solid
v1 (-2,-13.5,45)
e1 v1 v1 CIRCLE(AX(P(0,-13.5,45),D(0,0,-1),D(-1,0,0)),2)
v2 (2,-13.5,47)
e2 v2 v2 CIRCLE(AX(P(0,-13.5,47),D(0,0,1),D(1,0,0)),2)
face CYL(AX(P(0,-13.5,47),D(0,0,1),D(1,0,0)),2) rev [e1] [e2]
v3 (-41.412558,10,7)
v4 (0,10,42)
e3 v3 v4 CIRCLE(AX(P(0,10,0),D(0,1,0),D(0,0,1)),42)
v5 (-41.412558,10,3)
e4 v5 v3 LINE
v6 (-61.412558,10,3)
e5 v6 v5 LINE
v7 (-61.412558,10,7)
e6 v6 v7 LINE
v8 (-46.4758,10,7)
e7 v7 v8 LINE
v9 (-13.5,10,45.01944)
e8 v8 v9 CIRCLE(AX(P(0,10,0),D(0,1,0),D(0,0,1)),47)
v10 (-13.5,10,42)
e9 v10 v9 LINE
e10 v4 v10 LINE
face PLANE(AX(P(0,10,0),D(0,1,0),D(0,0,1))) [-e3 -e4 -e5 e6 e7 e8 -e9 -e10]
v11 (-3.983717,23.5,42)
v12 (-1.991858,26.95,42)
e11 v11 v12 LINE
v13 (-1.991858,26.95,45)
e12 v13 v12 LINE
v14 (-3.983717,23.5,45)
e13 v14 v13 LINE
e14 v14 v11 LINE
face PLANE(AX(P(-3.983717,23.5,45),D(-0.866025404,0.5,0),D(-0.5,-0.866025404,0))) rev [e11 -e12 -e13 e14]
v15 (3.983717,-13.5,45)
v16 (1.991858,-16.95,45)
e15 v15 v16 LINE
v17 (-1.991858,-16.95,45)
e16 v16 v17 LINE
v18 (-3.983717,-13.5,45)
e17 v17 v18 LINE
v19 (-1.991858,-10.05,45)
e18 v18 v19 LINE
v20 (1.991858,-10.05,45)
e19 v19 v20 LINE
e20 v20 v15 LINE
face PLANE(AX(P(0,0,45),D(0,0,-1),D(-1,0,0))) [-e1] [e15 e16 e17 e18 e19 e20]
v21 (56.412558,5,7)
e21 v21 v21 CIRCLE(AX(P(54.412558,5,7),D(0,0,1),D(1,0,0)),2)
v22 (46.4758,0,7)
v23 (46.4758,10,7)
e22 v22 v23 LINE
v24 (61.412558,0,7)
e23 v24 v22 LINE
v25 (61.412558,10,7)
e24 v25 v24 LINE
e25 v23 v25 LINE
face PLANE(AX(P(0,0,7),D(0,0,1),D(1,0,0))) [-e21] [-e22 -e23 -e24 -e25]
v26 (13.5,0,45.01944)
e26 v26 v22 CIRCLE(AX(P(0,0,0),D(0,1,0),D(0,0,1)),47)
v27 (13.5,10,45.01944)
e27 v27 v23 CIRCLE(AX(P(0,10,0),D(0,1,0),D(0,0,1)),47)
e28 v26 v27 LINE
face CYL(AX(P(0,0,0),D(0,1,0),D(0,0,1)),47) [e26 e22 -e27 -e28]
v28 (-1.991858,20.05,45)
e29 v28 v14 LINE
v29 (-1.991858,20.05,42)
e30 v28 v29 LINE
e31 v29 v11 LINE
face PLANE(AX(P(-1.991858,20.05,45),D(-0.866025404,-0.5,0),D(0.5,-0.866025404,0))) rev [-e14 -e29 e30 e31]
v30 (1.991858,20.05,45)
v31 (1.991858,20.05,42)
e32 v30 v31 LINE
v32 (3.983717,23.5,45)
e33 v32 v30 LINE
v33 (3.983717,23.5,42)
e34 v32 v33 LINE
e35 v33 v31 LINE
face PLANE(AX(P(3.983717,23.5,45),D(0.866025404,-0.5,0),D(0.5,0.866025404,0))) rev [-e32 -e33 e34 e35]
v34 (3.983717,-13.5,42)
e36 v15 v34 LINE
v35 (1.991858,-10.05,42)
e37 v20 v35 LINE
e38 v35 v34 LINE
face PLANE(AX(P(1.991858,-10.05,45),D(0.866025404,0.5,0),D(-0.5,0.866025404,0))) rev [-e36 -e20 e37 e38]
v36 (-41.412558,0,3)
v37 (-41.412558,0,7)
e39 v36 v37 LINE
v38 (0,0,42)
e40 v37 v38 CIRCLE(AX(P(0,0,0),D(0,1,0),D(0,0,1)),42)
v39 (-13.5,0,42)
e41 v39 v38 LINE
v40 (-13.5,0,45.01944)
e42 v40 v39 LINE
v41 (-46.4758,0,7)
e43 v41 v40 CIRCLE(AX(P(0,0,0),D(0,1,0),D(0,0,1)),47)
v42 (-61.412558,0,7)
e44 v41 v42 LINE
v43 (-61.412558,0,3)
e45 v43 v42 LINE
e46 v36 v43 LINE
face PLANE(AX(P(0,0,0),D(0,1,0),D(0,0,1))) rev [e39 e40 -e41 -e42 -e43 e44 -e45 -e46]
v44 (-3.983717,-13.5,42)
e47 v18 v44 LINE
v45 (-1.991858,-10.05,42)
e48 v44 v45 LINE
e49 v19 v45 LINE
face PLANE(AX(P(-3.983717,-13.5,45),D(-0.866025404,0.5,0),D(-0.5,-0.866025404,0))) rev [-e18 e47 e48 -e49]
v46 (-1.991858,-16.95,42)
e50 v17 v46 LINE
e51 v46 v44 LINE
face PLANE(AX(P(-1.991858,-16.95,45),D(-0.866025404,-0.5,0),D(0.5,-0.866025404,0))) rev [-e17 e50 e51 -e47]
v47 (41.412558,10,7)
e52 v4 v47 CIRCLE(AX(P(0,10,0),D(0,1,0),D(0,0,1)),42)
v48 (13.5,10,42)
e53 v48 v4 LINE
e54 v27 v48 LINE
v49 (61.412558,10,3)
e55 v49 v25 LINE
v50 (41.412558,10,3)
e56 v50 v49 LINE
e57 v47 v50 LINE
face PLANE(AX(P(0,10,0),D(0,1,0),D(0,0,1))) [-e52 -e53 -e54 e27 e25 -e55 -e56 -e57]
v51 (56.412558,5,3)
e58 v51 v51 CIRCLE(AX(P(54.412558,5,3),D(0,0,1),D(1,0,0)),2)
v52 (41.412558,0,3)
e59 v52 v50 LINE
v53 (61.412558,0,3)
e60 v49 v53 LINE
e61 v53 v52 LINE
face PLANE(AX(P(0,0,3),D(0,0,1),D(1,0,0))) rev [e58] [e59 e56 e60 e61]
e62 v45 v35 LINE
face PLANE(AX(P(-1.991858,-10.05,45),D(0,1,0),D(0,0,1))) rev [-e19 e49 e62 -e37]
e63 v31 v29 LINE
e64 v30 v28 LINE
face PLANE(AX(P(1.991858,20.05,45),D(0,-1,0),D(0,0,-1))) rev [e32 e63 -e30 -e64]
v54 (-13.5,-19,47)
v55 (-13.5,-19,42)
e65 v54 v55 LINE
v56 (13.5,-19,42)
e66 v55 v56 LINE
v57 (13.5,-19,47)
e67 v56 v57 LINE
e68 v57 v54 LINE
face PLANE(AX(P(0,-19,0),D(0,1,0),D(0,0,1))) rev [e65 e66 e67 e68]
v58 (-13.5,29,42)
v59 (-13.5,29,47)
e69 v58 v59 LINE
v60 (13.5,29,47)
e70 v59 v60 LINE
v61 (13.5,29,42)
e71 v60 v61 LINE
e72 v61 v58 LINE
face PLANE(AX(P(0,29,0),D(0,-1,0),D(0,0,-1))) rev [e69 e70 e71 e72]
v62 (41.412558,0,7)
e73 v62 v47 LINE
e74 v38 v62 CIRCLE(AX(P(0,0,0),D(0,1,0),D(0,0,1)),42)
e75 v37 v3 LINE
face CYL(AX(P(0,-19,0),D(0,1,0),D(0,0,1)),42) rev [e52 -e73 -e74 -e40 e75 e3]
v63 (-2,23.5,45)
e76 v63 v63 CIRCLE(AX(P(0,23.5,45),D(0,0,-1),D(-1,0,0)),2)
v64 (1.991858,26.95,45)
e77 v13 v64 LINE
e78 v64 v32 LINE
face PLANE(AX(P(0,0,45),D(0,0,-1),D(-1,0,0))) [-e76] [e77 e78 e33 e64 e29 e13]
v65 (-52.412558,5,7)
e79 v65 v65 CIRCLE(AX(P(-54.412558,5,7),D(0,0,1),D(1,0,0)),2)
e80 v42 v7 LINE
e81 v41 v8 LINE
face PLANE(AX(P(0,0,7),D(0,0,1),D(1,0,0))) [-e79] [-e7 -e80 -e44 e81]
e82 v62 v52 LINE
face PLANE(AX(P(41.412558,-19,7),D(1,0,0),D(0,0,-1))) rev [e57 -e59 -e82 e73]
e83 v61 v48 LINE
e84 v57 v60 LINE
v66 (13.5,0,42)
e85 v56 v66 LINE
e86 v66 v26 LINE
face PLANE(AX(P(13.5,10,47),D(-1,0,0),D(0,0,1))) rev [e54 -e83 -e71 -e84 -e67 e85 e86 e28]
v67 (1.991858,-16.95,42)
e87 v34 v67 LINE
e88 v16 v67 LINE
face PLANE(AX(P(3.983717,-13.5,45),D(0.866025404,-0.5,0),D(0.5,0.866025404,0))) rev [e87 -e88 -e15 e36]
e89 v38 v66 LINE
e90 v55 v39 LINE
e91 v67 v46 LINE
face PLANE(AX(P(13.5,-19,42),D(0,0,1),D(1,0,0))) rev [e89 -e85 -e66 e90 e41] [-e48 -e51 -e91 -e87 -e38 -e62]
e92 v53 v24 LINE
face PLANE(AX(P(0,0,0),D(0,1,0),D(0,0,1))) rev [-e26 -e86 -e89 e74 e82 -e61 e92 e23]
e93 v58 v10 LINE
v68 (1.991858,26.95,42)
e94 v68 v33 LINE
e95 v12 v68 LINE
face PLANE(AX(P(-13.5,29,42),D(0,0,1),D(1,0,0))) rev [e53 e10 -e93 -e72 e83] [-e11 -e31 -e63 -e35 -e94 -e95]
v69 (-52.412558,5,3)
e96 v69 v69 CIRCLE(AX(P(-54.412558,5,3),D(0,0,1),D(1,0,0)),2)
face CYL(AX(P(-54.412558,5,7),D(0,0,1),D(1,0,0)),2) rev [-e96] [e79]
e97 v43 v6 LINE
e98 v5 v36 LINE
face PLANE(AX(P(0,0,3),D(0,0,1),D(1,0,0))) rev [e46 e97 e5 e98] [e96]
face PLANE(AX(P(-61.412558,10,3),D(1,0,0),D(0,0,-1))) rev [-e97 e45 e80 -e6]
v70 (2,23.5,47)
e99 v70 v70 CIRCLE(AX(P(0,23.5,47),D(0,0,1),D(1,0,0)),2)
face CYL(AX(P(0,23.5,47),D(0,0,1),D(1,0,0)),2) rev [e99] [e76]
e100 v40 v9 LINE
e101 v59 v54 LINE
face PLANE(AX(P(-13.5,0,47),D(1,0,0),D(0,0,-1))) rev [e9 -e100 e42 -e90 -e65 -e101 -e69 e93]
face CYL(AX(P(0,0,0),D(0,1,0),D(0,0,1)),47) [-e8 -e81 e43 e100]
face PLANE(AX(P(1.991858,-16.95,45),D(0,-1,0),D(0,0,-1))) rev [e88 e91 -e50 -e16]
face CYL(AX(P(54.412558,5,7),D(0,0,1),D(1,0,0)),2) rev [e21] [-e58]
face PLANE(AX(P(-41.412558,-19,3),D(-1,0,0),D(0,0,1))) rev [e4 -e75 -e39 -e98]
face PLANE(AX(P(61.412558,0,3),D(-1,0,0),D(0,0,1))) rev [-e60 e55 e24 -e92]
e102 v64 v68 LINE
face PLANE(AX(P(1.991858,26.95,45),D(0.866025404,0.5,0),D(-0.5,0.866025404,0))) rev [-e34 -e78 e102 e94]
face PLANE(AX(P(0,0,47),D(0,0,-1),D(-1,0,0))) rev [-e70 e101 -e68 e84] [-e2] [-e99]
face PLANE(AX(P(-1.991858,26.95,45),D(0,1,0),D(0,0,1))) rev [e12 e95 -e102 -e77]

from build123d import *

# Parameters (mm, degrees)
EXTRUDE_1_DEPTH           = 10
SKETCH_2_W                = 27
SKETCH_2_H                = 10
EXTRUDE_2_DEPTH           = 1.980559755
SKETCH_3_W                = 122.825116964
SKETCH_3_H                = 10
EXTRUDE_3_DEPTH           = 4
SKETCH_4_W                = 27
SKETCH_4_H                = 5
EXTRUDE_4_DEPTH           = 19
CUT_EXTRUDE_1_DEPTH       = 83.592386691
SKETCH_6_W                = 27
SKETCH_6_H                = 5
EXTRUDE_5_DEPTH           = 19
CUT_EXTRUDE_2_DEPTH       = 3
CUT_EXTRUDE_3_DEPTH       = 3
HOLE_WIZARD_4_0_4_1_D     = 4
HOLE_WIZARD_4_0_4_1_DEPTH = 44
HOLE_WIZARD_4_0_4_2_D     = 4


with BuildPart() as part:
    # Эскиз1 → Бобышка-Вытянуть1 (new body)
    with BuildSketch(Plane(origin=(0, 10, 0), x_dir=(1, 0, 0), z_dir=(0, 1, 0))):
        with BuildLine():
            Line((-13.5, -45.019440245), (13.5, -45.019440245))
            ThreePointArc((13.5, -45.019440245), (35.505543373, -30.795395594), (46.475800154, -7))
            Line((46.475800154, -7), (-46.475800154, -7))
            ThreePointArc((-46.475800154, -7), (-35.505543373, -30.795395594), (-13.5, -45.019440245))
        make_face()
    extrude(amount=-EXTRUDE_1_DEPTH)

    # Эскиз2 → Бобышка-Вытянуть2 (add)
    with BuildSketch(Plane.XY.offset(45.019440245)):
        with Locations((0, 5)):
            Rectangle(SKETCH_2_W, SKETCH_2_H)
    extrude(amount=EXTRUDE_2_DEPTH)

    # Эскиз3 → Бобышка-Вытянуть3 (add)
    with BuildSketch(Plane(origin=(0, 0, 7), x_dir=(-1, 0, 0), z_dir=(0, 0, -1))):
        with Locations((0, 5)):
            Rectangle(SKETCH_3_W, SKETCH_3_H)
    extrude(amount=EXTRUDE_3_DEPTH)

    # Эскиз4 → Бобышка-Вытянуть4 (add)
    with BuildSketch(Plane.XZ):
        with Locations((0, 44.5)):
            Rectangle(SKETCH_4_W, SKETCH_4_H)
    extrude(amount=EXTRUDE_4_DEPTH)

    # Эскиз5 → Вырез-Вытянуть1 (cut, through all)
    with BuildSketch(Plane(origin=(0, 10, 0), x_dir=(-1, 0, 0), z_dir=(0, 1, 0))):
        with BuildLine():
            Line((-41.412558482, 3), (41.412558482, 3))
            Line((41.412558482, 3), (41.412558482, 7))
            ThreePointArc((41.412558482, 7), (0, 42), (-41.412558482, 7))
            Line((-41.412558482, 7), (-41.412558482, 3))
        make_face()
    extrude(amount=-CUT_EXTRUDE_1_DEPTH, mode=Mode.SUBTRACT)

    # Эскиз6 → Бобышка-Вытянуть5 (add)
    with BuildSketch(Plane(origin=(0, 10, 0), x_dir=(-1, 0, 0), z_dir=(0, 1, 0))):
        with Locations((0, 44.5)):
            Rectangle(SKETCH_6_W, SKETCH_6_H)
    extrude(amount=EXTRUDE_5_DEPTH)

    # Эскиз7 → Вырез-Вытянуть2 (cut)
    with BuildSketch(Plane(origin=(0, 0, 42), x_dir=(-1, 0, 0), z_dir=(0, 0, -1))):
        Polygon((1.991858429, 26.95), (-1.991858429, 26.95), (-3.983716857, 23.5), (-1.991858429, 20.05), (1.991858429, 20.05), (3.983716857, 23.5), align=None)
    extrude(amount=-CUT_EXTRUDE_2_DEPTH, mode=Mode.SUBTRACT)

    # Эскиз8 → Вырез-Вытянуть3 (cut)
    with BuildSketch(Plane(origin=(0, 0, 42), x_dir=(-1, 0, 0), z_dir=(0, 0, -1))):
        Polygon((1.991858429, -10.05), (-1.991858429, -10.05), (-3.983716857, -13.5), (-1.991858429, -16.95), (1.991858429, -16.95), (3.983716857, -13.5), align=None)
    extrude(amount=-CUT_EXTRUDE_3_DEPTH, mode=Mode.SUBTRACT)

    # Диаметр отверстия Ø4.0 (4)1
    with Locations(Plane.XY.offset(47)):
        with Locations((0, 23.5), (0, -13.5)):
            Hole(HOLE_WIZARD_4_0_4_1_D / 2, depth=HOLE_WIZARD_4_0_4_1_DEPTH)

    # Диаметр отверстия Ø4.0 (4)2 (through all)
    with Locations(Plane.XY.offset(7)):
        with Locations((-54.412558482, 5), (54.412558482, 5)):
            Hole(HOLE_WIZARD_4_0_4_2_D / 2)


solid = part.part
